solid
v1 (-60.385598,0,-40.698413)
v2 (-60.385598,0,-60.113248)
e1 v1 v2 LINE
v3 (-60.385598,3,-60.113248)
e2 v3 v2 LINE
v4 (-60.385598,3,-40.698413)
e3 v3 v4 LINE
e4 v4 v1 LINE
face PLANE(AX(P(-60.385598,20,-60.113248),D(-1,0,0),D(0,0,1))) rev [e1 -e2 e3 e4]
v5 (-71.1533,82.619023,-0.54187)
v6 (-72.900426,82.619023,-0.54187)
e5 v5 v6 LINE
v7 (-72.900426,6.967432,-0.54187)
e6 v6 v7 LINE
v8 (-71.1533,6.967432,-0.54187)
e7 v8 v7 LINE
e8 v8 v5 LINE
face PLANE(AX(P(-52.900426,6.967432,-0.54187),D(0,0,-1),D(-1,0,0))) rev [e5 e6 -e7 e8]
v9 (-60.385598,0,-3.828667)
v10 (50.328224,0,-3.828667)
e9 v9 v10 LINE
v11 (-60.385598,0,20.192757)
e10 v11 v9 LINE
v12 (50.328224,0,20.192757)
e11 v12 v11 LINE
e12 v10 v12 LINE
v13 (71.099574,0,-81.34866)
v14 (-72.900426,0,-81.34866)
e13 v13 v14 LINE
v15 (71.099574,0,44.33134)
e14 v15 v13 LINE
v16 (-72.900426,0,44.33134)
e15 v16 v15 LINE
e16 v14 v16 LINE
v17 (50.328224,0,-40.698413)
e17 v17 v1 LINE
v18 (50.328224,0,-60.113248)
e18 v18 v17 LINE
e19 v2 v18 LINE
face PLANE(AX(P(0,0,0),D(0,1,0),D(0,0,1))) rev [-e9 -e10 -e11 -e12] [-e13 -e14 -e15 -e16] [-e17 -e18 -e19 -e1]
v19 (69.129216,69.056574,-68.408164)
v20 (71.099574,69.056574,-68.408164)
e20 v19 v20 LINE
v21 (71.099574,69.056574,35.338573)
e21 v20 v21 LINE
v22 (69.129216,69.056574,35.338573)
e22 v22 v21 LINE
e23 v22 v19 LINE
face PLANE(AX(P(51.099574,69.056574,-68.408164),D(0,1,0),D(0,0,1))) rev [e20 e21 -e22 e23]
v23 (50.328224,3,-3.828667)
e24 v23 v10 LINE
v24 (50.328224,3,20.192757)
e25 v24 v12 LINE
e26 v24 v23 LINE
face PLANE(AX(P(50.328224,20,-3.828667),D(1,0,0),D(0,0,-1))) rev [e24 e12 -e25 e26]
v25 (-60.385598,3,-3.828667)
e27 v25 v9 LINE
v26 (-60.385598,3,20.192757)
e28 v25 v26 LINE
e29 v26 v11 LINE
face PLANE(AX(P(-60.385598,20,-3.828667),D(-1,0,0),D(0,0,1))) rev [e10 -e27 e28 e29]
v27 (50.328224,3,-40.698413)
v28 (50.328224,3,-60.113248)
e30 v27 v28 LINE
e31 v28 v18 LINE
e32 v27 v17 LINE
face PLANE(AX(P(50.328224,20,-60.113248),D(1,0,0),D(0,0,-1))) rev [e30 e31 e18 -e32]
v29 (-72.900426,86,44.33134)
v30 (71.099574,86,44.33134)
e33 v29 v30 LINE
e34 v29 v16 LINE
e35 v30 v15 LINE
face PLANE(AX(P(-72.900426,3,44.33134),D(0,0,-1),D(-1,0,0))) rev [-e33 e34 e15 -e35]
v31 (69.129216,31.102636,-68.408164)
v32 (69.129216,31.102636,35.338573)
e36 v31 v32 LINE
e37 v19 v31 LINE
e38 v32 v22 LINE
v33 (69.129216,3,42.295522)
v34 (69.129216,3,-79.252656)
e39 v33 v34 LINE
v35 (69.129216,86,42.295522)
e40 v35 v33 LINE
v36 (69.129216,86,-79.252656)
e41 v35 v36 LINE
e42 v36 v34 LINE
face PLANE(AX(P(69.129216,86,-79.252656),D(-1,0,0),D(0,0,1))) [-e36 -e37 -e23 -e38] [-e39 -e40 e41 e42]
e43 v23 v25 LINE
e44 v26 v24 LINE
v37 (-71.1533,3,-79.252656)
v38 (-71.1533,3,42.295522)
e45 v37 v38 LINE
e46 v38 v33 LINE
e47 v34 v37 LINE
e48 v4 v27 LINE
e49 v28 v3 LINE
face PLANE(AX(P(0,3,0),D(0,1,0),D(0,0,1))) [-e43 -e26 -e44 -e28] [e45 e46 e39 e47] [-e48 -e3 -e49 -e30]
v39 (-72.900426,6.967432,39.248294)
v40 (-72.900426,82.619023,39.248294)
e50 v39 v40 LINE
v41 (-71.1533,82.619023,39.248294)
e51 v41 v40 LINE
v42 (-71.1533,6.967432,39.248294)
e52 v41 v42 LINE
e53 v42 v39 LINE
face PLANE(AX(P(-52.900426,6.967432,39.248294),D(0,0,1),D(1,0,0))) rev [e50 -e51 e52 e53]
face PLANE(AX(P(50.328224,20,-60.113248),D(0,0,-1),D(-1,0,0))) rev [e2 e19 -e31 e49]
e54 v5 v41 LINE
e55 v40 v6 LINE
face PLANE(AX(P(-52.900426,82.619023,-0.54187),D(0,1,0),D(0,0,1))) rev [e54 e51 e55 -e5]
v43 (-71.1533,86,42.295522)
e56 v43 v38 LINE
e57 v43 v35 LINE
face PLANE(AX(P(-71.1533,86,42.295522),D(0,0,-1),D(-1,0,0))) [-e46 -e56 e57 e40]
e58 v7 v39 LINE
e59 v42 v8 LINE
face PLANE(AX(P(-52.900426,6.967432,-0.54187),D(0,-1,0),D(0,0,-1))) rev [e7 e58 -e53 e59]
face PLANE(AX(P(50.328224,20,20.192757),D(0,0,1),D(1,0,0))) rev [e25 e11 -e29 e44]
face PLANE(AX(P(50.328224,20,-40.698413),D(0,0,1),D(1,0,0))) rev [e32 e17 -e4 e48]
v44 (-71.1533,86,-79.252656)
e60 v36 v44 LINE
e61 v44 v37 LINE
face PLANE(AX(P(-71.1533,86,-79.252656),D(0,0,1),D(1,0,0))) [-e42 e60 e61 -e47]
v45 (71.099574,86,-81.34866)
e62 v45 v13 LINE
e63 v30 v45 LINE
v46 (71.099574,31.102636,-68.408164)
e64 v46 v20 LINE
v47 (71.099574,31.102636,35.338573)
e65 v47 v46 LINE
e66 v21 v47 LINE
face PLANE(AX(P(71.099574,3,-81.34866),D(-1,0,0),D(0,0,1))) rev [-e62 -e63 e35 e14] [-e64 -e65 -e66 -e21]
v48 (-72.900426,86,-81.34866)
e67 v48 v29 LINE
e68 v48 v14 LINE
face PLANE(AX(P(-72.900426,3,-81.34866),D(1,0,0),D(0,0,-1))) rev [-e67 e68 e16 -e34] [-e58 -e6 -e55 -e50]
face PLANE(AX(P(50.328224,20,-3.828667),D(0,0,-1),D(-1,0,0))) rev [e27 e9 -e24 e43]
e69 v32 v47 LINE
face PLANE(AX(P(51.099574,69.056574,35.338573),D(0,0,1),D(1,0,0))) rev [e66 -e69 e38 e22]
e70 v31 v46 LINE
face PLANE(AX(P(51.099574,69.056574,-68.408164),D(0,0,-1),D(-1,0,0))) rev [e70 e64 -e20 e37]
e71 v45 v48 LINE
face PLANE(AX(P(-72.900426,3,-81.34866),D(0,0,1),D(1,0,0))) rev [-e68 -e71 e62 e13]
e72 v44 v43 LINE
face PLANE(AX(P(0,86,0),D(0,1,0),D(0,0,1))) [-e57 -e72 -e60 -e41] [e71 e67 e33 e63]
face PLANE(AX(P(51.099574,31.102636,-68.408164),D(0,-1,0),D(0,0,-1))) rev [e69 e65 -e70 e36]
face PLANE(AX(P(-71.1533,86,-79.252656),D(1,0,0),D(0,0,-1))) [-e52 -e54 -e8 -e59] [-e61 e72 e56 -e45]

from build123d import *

# Parameters (mm, degrees)
SKETCH1_W           = 144
SKETCH1_H           = 125.68
BOSS_EXTRUDE1_DEPTH = 3
SKETCH2_W           = 144
SKETCH2_H           = 125.68
SKETCH2_W_2         = 140.282516161
SKETCH2_H_2         = 121.548177757
BOSS_EXTRUDE2_DEPTH = 83
SKETCH4_W           = 103.746737409
SKETCH4_H           = 37.953937335
CUT_EXTRUDE1_DEPTH  = 20
SKETCH5_W           = 110.713821745
SKETCH5_H           = 19.414835186
SKETCH5_H_2         = 24.021424071
CUT_EXTRUDE2_DEPTH  = 20
SKETCH6_W           = 39.790164022
SKETCH6_H           = 75.651590962
CUT_EXTRUDE3_DEPTH  = 20


with BuildPart() as part:
    # Sketch1 → Boss-Extrude1 (new body)
    with BuildSketch(Plane(origin=(0, 0, 0), x_dir=(1, 0, 0), z_dir=(0, 1, 0))):
        with Locations((-0.900426333, 18.508659662)):
            Rectangle(SKETCH1_W, SKETCH1_H)
    extrude(amount=BOSS_EXTRUDE1_DEPTH)

    # Sketch2 → Boss-Extrude2 (add)
    with BuildSketch(Plane(origin=(0, 3, 0), x_dir=(1, 0, 0), z_dir=(0, 1, 0))):
        with Locations((-0.900426333, 18.508659662)):
            Rectangle(SKETCH2_W, SKETCH2_H)
        with Locations((-1.012042147, 18.478566742)):
            Rectangle(SKETCH2_W_2, SKETCH2_H_2, mode=Mode.SUBTRACT)
    extrude(amount=BOSS_EXTRUDE2_DEPTH)

    # Sketch4 → Cut-Extrude1 (cut)
    with BuildSketch(Plane(origin=(71.099573667, 0, 0), x_dir=(0, 0, -1), z_dir=(1, 0, 0))):
        with Locations((16.534795252, 50.079604952)):
            Rectangle(SKETCH4_W, SKETCH4_H)
    extrude(amount=-CUT_EXTRUDE1_DEPTH, mode=Mode.SUBTRACT)

    # Sketch5 → Cut-Extrude2 (cut)
    with BuildSketch(Plane.XZ):
        with Locations((-5.028686967, -50.405830616)):
            Rectangle(SKETCH5_W, SKETCH5_H)
        with Locations((-5.028686967, 8.182044553)):
            Rectangle(SKETCH5_W, SKETCH5_H_2)
    extrude(amount=-CUT_EXTRUDE2_DEPTH, mode=Mode.SUBTRACT)

    # Sketch6 → Cut-Extrude3 (cut)
    with BuildSketch(Plane.ZY.offset(72.900426333)):
        with Locations((19.353212204, 44.793227562)):
            Rectangle(SKETCH6_W, SKETCH6_H)
    extrude(amount=-CUT_EXTRUDE3_DEPTH, mode=Mode.SUBTRACT)


solid = part.part
